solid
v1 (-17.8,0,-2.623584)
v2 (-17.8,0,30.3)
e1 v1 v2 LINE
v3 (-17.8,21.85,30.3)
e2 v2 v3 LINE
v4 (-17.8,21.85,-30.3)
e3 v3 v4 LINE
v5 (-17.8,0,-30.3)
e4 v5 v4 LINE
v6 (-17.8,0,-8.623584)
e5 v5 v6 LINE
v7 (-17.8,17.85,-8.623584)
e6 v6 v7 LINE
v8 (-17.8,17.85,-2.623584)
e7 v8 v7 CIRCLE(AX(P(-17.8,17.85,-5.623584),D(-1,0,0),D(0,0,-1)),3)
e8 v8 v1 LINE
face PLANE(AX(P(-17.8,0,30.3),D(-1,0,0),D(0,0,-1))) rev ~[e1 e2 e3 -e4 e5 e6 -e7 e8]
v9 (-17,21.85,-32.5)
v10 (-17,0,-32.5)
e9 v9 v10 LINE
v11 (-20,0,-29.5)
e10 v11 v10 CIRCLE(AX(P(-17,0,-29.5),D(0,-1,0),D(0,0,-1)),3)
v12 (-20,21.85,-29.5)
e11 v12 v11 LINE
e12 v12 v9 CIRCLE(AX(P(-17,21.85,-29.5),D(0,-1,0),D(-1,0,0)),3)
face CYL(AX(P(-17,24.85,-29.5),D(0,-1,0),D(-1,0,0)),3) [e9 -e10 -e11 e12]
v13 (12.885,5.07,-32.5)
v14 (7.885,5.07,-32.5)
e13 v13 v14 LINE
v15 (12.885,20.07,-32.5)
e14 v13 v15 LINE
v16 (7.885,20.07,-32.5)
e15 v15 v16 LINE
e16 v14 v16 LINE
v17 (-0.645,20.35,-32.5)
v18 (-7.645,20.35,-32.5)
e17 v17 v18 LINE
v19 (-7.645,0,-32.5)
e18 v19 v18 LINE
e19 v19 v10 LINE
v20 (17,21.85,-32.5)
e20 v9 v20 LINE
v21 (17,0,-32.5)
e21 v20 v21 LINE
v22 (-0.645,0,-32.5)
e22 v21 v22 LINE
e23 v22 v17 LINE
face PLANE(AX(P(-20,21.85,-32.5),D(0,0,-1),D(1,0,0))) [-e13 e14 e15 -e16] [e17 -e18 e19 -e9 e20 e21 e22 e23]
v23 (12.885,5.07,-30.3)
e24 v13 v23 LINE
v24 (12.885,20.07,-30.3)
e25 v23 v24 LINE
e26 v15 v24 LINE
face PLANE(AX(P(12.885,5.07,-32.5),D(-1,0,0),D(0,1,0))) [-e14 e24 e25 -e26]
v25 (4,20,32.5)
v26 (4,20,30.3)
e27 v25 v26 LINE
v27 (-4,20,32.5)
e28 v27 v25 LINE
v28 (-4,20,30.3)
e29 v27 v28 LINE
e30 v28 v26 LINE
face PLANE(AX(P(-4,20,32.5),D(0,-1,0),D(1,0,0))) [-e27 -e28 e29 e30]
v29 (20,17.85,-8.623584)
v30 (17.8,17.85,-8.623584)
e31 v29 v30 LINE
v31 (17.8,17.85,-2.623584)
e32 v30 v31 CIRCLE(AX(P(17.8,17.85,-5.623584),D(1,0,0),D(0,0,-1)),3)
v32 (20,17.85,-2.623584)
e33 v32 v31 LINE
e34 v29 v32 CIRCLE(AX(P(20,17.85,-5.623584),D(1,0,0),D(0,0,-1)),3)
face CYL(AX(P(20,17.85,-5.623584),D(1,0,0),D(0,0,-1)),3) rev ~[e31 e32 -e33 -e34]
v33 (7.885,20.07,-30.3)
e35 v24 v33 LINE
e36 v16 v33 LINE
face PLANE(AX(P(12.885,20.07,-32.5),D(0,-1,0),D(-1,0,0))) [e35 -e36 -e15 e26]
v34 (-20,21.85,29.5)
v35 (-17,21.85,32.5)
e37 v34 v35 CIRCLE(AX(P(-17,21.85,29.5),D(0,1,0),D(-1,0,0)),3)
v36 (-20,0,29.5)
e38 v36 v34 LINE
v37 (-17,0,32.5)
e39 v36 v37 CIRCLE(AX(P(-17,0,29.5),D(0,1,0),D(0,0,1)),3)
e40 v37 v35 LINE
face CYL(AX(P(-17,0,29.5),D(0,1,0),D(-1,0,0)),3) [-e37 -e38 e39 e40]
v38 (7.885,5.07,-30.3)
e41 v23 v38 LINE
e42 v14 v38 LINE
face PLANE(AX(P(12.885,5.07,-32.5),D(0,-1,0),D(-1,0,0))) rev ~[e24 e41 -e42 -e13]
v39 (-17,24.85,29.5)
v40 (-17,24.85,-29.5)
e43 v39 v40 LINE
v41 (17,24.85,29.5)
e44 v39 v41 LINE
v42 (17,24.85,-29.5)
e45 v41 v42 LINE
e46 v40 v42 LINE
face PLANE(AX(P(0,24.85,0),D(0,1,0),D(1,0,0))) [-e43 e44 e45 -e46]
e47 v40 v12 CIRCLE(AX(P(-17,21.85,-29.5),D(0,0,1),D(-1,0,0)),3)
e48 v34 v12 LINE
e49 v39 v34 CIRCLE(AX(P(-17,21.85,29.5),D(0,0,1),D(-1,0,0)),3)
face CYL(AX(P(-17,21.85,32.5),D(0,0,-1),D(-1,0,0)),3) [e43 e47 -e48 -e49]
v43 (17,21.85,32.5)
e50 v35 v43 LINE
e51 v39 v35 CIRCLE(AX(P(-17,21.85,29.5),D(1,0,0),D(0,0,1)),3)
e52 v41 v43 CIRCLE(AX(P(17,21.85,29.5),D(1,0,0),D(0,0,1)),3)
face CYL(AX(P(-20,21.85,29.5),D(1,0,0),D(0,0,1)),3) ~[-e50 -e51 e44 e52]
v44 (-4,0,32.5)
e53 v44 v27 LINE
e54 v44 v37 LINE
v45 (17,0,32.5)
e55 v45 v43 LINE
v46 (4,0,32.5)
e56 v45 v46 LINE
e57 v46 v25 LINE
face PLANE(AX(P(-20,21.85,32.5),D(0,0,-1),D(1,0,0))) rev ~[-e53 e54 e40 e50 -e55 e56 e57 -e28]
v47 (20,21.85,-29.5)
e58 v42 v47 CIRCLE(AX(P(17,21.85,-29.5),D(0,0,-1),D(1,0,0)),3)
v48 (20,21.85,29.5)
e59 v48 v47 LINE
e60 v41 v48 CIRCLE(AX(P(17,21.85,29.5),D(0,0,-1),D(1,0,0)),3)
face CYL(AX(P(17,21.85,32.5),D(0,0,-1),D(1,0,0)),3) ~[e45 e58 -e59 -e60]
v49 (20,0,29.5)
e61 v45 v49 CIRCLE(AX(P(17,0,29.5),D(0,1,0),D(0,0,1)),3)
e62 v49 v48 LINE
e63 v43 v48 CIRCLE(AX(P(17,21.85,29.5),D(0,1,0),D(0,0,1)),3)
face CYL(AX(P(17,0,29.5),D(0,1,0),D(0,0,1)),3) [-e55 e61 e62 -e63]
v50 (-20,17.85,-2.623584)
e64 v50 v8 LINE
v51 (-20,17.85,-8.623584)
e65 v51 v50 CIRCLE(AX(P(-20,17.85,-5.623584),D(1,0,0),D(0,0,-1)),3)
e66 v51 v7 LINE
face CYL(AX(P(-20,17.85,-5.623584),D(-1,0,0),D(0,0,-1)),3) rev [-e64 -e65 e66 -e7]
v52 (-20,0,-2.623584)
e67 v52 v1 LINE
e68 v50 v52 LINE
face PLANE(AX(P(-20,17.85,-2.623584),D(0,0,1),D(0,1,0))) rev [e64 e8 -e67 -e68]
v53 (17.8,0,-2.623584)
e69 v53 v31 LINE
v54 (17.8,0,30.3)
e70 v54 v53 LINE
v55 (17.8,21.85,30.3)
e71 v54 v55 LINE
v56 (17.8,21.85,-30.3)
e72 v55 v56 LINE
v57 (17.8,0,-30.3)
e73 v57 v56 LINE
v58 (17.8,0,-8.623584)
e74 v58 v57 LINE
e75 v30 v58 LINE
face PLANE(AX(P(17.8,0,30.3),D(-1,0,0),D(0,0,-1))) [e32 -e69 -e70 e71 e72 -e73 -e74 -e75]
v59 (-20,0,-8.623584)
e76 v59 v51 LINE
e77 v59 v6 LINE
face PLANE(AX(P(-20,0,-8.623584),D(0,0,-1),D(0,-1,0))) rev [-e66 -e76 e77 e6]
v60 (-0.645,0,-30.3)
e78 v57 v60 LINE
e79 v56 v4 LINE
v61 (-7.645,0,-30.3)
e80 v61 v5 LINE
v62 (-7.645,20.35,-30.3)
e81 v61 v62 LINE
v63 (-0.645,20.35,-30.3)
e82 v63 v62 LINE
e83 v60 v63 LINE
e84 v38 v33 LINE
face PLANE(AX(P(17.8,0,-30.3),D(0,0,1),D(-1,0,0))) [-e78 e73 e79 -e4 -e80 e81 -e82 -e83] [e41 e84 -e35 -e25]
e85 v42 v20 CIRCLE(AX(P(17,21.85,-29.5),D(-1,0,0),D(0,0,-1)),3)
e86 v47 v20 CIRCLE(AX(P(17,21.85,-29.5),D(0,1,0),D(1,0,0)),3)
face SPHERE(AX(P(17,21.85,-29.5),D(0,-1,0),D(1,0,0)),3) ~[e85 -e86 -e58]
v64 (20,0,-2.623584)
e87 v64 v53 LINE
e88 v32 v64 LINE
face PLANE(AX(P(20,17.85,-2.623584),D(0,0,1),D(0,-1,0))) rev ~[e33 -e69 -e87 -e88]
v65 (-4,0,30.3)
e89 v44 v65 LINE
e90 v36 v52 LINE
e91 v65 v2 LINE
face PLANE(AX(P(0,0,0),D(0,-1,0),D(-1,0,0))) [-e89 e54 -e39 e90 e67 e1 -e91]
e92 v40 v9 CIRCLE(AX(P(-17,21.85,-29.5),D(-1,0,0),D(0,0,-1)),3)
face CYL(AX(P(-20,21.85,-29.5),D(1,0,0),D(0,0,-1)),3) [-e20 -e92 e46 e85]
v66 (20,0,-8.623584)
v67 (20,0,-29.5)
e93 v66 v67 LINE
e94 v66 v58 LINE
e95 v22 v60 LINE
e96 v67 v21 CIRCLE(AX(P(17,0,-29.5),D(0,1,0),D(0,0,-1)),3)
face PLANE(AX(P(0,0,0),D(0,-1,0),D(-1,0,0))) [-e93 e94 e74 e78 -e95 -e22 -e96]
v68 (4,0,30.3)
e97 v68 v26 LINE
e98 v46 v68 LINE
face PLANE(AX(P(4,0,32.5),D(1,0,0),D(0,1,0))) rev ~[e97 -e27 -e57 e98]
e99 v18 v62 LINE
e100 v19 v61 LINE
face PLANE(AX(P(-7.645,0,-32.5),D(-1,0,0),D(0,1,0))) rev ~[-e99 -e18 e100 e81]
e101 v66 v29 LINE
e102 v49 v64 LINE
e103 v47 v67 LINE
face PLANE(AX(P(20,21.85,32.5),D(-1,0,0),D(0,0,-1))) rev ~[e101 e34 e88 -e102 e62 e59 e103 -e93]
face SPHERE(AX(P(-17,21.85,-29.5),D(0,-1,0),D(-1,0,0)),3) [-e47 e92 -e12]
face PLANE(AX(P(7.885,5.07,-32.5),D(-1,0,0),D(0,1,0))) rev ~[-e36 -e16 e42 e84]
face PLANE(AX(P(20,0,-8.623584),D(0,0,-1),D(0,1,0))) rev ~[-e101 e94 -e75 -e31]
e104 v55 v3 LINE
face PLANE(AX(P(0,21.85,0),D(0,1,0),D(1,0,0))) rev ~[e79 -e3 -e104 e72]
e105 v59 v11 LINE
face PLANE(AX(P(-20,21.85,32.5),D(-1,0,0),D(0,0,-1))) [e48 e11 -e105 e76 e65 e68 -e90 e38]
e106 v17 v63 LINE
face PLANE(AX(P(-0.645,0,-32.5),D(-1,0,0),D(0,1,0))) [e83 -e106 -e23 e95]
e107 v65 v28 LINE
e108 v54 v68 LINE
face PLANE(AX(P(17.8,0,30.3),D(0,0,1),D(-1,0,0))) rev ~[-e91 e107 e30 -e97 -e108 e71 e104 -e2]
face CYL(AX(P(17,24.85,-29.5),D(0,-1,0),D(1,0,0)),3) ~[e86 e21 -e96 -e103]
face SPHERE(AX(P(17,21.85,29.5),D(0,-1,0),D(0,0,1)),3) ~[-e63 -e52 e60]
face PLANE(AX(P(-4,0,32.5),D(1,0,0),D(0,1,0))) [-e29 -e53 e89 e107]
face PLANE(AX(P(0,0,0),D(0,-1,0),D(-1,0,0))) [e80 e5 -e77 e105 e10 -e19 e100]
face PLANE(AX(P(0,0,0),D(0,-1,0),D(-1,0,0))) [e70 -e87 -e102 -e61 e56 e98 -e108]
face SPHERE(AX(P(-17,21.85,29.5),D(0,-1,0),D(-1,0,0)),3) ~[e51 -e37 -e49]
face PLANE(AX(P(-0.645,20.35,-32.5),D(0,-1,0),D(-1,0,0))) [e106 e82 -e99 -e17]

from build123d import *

# Parameters (mm, degrees)
SKETCH2_W           = 40
SKETCH2_H           = 65
SKETCH2_W_2         = 35.6
SKETCH2_H_2         = 60.6
BOSS_EXTRUDE1_DEPTH = 21.85
CUT_EXTRUDE1_DEPTH  = 37.8
SKETCH10_W          = 5
SKETCH10_H          = 15
SKETCH10_W_2        = 7
SKETCH10_H_2        = 20.35
CUT_EXTRUDE2_DEPTH  = 2.2
SKETCH11_W          = 8
SKETCH11_H          = 20
CUT_EXTRUDE3_DEPTH  = 2.2
SKETCH8_W           = 40
SKETCH8_H           = 65
BOSS_EXTRUDE2_DEPTH = 3
FILLET1_R           = 3


with BuildPart() as part:
    # Sketch2 → Boss-Extrude1 (new body)
    with BuildSketch(Plane(origin=(0, 0, 0), x_dir=(-1, 0, 0), z_dir=(0, -1, 0))):
        Rectangle(SKETCH2_W, SKETCH2_H)
        Rectangle(SKETCH2_W_2, SKETCH2_H_2, mode=Mode.SUBTRACT)
    extrude(amount=-BOSS_EXTRUDE1_DEPTH)

    # Sketch9 → Cut-Extrude1 (cut)
    with BuildSketch(Plane(origin=(20, 0, 0), x_dir=(0, 0, -1), z_dir=(1, 0, 0))):
        with BuildLine():
            Line((2.623584384, 17.85), (2.623584384, 0))
            Line((2.623584384, 0), (8.623584384, 0))
            Line((8.623584384, 0), (8.623584384, 17.85))
            ThreePointArc((8.623584384, 17.85), (5.623584384, 20.85), (2.623584384, 17.85))
        make_face()
    cut_extrude1 = extrude(amount=-CUT_EXTRUDE1_DEPTH, mode=Mode.SUBTRACT)

    # Mirror1: Cut-Extrude1 across plane
    add(cut_extrude1.mirror(Plane(origin=(0, 0, 0), x_dir=(0, 0, 1), z_dir=(1, 0, 0))), mode=Mode.SUBTRACT)

    # Sketch10 → Cut-Extrude2 (cut)
    with BuildSketch(Plane(origin=(0, 0, -32.5), x_dir=(-1, 0, 0), z_dir=(0, 0, -1))):
        with Locations((-10.385, 12.57)):
            Rectangle(SKETCH10_W, SKETCH10_H)
        with Locations((4.145, 10.175)):
            Rectangle(SKETCH10_W_2, SKETCH10_H_2)
    extrude(amount=-CUT_EXTRUDE2_DEPTH, mode=Mode.SUBTRACT)

    # Sketch11 → Cut-Extrude3 (cut)
    with BuildSketch(Plane.XY.offset(32.5)):
        with Locations((0, 10)):
            Rectangle(SKETCH11_W, SKETCH11_H)
    extrude(amount=-CUT_EXTRUDE3_DEPTH, mode=Mode.SUBTRACT)

    # Sketch8 → Boss-Extrude2 (add)
    with BuildSketch(Plane(origin=(0, 21.85, 0), x_dir=(1, 0, 0), z_dir=(0, 1, 0))):
        Rectangle(SKETCH8_W, SKETCH8_H)
    extrude(amount=BOSS_EXTRUDE2_DEPTH)

    # Fillet1
    fillet1_edges = [part.edges().sort_by_distance(p)[0] for p in [
        (-20, 12.425, 32.5),
        (20, 12.425, 32.5),
        (20, 12.425, -32.5),
        (-20, 12.425, -32.5),
        (-20, 24.85, 0),
        (0, 24.85, 32.5),
        (20, 24.85, 0),
        (0, 24.85, -32.5),
    ]]
    fillet(fillet1_edges, radius=FILLET1_R)


solid = part.part
